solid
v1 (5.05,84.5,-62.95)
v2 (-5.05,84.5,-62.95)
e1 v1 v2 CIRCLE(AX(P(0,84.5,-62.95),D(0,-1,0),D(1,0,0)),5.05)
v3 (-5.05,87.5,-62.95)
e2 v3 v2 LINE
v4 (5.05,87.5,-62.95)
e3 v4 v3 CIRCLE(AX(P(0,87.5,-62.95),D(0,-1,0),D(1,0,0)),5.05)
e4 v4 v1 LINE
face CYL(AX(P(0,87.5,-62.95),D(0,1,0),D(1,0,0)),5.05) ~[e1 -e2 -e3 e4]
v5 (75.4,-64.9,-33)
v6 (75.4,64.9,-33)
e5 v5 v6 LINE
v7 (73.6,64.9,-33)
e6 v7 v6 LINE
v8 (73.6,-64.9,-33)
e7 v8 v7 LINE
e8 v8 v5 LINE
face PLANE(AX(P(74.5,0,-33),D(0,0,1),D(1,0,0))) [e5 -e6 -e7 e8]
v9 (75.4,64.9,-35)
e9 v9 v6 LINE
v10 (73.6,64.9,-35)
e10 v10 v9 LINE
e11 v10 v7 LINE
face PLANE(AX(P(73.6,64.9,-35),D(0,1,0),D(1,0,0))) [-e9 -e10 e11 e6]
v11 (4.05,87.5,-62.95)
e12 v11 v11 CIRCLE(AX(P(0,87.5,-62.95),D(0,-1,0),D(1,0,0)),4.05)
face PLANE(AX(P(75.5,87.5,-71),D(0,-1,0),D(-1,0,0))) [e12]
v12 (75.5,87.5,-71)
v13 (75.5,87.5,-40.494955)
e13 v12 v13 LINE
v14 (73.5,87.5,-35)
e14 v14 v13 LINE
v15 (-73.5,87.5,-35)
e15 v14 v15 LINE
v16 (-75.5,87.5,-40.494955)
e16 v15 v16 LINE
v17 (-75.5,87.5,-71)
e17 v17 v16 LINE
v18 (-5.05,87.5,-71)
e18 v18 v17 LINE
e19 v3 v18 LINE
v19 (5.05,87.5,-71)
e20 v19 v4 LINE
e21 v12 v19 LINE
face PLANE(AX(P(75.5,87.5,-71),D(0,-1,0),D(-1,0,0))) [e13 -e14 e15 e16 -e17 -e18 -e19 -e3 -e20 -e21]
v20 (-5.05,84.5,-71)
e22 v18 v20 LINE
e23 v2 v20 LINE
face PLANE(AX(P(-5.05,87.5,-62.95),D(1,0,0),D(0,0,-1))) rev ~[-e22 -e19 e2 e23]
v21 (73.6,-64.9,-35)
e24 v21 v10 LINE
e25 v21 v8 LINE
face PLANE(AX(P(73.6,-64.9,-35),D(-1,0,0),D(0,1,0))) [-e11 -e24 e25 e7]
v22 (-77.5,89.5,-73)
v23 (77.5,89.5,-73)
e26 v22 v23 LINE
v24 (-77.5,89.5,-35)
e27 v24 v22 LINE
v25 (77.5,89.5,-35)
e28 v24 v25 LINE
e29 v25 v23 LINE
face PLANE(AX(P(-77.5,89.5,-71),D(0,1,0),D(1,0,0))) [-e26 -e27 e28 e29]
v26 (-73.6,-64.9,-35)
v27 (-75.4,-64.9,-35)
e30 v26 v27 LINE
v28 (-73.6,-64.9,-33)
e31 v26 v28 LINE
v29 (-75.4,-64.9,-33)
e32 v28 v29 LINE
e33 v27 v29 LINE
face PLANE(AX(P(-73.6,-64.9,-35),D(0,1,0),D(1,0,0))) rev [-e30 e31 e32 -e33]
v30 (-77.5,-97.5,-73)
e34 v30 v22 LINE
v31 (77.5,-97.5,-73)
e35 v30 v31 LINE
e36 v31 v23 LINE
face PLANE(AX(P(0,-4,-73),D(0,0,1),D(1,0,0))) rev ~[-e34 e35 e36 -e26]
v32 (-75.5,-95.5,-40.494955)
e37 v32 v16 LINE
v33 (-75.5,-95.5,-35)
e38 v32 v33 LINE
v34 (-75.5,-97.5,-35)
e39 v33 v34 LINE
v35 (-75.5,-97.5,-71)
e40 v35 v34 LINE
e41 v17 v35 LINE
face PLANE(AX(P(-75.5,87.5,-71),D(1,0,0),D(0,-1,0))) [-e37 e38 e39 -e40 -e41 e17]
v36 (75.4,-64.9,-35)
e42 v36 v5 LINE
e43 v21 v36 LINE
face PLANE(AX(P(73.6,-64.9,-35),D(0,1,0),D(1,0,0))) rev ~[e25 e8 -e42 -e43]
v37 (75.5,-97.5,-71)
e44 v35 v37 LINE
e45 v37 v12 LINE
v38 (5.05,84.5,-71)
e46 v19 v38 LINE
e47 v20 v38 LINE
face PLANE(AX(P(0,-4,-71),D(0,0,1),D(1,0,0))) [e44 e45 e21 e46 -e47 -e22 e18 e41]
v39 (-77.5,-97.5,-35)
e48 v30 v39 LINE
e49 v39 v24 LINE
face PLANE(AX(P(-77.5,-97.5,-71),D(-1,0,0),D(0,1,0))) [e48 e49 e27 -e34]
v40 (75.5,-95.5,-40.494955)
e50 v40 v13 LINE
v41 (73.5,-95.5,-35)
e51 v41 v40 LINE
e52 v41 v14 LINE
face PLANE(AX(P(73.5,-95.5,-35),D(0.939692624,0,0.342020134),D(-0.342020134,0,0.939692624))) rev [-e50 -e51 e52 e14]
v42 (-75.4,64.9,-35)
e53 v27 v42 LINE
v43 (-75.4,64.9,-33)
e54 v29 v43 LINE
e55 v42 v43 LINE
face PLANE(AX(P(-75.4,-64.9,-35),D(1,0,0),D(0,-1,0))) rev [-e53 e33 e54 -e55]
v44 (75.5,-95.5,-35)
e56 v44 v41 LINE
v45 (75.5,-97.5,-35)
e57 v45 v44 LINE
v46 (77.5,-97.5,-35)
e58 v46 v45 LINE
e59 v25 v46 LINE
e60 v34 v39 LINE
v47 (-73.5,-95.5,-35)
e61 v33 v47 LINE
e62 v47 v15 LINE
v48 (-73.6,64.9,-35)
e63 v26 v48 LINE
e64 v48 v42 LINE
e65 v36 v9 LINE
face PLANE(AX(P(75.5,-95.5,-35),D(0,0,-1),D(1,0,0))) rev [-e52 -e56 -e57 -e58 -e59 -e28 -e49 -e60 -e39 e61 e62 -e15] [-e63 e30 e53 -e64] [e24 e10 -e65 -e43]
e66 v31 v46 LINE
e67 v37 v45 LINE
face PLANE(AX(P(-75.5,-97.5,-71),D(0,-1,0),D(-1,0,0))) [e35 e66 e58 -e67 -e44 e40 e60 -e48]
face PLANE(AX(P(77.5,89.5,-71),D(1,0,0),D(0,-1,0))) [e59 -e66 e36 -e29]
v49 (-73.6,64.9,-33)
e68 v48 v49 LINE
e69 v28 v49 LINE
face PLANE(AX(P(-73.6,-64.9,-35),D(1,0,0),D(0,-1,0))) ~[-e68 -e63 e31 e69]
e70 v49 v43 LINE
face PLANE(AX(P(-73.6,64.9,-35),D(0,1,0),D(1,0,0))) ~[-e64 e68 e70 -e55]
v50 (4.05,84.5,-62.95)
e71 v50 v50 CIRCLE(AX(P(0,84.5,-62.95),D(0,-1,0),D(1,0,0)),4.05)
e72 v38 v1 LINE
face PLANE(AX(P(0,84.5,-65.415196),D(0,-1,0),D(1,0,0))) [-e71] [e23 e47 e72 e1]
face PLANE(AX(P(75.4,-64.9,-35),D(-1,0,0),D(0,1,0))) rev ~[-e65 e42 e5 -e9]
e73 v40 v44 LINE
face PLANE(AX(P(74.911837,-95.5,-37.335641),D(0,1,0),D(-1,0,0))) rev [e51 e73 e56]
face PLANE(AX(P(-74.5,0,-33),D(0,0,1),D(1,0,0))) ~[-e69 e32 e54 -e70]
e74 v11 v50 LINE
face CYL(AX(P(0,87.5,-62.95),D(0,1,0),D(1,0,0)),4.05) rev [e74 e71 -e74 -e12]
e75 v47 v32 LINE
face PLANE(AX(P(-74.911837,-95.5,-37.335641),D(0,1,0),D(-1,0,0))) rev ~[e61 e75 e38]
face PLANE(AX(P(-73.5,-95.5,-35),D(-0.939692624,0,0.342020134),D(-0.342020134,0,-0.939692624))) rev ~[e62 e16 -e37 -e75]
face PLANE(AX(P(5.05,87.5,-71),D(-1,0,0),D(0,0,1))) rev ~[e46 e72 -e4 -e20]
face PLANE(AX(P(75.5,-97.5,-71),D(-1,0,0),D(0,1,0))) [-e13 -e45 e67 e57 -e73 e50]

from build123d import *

# Parameters (mm, degrees)
SKETCH049_W  = 155
SKETCH049_H  = 187
PAD013_DEPTH = 2
PAD014_DEPTH = 36
PAD015_DEPTH = 183
SKETCH055_W  = 1.8
SKETCH055_H  = 129.8
PAD016_DEPTH = 2
SKETCH081_R  = 4.05
PAD027_DEPTH = 3


with BuildPart() as part:
    # Sketch049 → Pad013 (new body)
    with BuildSketch(Plane.XY):
        with Locations((0, -4)):
            Rectangle(SKETCH049_W, SKETCH049_H)
    extrude(amount=PAD013_DEPTH)

    # Sketch050 (on DatumPlane) → Pad014 (join)
    with BuildSketch(Plane.XY.offset(2)):
        Polygon((-77.5, -97.5), (-77.5, 89.5), (77.5, 89.5), (77.5, -97.5), (75.5, -97.5), (75.5, 87.5), (-75.5, 87.5), (-75.5, -97.5), align=None)
    extrude(amount=PAD014_DEPTH)

    # Sketch051 (on DatumPlane) → Pad015 (join)
    with BuildSketch(Plane.XZ.offset(95.5)):
        Polygon((-75.5, 32.505045), (-75.5, 38), (-73.5, 38), align=None)
    pad015 = extrude(amount=-PAD015_DEPTH)

    # Mirrored006: Pad015 across Sketch051 V_Axis
    add(pad015.mirror(Plane(origin=(0, -95.5, 0), x_dir=(0, -1, 0), z_dir=(1, 0, 0))))

    # Sketch055 (on DatumPlane) → Pad016 (join)
    with BuildSketch(Plane.XY.offset(38)):
        with Locations((74.5, 0)):
            Rectangle(SKETCH055_W, SKETCH055_H)
    pad016 = extrude(amount=PAD016_DEPTH)

    # Mirrored008: Pad016 across Sketch055 V_Axis
    add(pad016.mirror(Plane(origin=(0, 0, 38), x_dir=(0, 0, 1), z_dir=(1, 0, 0))))

    # Sketch081 (on DatumPlane) → Pad027 (join)
    with BuildSketch(Plane.XZ.offset(-87.5)):
        with BuildLine():
            ThreePointArc((5.05, 10.05), (0, 15.1), (-5.05, 10.05))
            Line((-5.05, 10.05), (-5.05, 2))
            Line((-5.05, 2), (5.05, 2))
            Line((5.05, 2), (5.05, 10.05))
        make_face()
        with Locations((0, 10.05)):
            Circle(SKETCH081_R, mode=Mode.SUBTRACT)
    extrude(amount=PAD027_DEPTH)


with BuildPart() as part_1:
    # Body006 placement: moved
    add(part.part.moved(Location((0, 0, -73))))


solid = part_1.part
